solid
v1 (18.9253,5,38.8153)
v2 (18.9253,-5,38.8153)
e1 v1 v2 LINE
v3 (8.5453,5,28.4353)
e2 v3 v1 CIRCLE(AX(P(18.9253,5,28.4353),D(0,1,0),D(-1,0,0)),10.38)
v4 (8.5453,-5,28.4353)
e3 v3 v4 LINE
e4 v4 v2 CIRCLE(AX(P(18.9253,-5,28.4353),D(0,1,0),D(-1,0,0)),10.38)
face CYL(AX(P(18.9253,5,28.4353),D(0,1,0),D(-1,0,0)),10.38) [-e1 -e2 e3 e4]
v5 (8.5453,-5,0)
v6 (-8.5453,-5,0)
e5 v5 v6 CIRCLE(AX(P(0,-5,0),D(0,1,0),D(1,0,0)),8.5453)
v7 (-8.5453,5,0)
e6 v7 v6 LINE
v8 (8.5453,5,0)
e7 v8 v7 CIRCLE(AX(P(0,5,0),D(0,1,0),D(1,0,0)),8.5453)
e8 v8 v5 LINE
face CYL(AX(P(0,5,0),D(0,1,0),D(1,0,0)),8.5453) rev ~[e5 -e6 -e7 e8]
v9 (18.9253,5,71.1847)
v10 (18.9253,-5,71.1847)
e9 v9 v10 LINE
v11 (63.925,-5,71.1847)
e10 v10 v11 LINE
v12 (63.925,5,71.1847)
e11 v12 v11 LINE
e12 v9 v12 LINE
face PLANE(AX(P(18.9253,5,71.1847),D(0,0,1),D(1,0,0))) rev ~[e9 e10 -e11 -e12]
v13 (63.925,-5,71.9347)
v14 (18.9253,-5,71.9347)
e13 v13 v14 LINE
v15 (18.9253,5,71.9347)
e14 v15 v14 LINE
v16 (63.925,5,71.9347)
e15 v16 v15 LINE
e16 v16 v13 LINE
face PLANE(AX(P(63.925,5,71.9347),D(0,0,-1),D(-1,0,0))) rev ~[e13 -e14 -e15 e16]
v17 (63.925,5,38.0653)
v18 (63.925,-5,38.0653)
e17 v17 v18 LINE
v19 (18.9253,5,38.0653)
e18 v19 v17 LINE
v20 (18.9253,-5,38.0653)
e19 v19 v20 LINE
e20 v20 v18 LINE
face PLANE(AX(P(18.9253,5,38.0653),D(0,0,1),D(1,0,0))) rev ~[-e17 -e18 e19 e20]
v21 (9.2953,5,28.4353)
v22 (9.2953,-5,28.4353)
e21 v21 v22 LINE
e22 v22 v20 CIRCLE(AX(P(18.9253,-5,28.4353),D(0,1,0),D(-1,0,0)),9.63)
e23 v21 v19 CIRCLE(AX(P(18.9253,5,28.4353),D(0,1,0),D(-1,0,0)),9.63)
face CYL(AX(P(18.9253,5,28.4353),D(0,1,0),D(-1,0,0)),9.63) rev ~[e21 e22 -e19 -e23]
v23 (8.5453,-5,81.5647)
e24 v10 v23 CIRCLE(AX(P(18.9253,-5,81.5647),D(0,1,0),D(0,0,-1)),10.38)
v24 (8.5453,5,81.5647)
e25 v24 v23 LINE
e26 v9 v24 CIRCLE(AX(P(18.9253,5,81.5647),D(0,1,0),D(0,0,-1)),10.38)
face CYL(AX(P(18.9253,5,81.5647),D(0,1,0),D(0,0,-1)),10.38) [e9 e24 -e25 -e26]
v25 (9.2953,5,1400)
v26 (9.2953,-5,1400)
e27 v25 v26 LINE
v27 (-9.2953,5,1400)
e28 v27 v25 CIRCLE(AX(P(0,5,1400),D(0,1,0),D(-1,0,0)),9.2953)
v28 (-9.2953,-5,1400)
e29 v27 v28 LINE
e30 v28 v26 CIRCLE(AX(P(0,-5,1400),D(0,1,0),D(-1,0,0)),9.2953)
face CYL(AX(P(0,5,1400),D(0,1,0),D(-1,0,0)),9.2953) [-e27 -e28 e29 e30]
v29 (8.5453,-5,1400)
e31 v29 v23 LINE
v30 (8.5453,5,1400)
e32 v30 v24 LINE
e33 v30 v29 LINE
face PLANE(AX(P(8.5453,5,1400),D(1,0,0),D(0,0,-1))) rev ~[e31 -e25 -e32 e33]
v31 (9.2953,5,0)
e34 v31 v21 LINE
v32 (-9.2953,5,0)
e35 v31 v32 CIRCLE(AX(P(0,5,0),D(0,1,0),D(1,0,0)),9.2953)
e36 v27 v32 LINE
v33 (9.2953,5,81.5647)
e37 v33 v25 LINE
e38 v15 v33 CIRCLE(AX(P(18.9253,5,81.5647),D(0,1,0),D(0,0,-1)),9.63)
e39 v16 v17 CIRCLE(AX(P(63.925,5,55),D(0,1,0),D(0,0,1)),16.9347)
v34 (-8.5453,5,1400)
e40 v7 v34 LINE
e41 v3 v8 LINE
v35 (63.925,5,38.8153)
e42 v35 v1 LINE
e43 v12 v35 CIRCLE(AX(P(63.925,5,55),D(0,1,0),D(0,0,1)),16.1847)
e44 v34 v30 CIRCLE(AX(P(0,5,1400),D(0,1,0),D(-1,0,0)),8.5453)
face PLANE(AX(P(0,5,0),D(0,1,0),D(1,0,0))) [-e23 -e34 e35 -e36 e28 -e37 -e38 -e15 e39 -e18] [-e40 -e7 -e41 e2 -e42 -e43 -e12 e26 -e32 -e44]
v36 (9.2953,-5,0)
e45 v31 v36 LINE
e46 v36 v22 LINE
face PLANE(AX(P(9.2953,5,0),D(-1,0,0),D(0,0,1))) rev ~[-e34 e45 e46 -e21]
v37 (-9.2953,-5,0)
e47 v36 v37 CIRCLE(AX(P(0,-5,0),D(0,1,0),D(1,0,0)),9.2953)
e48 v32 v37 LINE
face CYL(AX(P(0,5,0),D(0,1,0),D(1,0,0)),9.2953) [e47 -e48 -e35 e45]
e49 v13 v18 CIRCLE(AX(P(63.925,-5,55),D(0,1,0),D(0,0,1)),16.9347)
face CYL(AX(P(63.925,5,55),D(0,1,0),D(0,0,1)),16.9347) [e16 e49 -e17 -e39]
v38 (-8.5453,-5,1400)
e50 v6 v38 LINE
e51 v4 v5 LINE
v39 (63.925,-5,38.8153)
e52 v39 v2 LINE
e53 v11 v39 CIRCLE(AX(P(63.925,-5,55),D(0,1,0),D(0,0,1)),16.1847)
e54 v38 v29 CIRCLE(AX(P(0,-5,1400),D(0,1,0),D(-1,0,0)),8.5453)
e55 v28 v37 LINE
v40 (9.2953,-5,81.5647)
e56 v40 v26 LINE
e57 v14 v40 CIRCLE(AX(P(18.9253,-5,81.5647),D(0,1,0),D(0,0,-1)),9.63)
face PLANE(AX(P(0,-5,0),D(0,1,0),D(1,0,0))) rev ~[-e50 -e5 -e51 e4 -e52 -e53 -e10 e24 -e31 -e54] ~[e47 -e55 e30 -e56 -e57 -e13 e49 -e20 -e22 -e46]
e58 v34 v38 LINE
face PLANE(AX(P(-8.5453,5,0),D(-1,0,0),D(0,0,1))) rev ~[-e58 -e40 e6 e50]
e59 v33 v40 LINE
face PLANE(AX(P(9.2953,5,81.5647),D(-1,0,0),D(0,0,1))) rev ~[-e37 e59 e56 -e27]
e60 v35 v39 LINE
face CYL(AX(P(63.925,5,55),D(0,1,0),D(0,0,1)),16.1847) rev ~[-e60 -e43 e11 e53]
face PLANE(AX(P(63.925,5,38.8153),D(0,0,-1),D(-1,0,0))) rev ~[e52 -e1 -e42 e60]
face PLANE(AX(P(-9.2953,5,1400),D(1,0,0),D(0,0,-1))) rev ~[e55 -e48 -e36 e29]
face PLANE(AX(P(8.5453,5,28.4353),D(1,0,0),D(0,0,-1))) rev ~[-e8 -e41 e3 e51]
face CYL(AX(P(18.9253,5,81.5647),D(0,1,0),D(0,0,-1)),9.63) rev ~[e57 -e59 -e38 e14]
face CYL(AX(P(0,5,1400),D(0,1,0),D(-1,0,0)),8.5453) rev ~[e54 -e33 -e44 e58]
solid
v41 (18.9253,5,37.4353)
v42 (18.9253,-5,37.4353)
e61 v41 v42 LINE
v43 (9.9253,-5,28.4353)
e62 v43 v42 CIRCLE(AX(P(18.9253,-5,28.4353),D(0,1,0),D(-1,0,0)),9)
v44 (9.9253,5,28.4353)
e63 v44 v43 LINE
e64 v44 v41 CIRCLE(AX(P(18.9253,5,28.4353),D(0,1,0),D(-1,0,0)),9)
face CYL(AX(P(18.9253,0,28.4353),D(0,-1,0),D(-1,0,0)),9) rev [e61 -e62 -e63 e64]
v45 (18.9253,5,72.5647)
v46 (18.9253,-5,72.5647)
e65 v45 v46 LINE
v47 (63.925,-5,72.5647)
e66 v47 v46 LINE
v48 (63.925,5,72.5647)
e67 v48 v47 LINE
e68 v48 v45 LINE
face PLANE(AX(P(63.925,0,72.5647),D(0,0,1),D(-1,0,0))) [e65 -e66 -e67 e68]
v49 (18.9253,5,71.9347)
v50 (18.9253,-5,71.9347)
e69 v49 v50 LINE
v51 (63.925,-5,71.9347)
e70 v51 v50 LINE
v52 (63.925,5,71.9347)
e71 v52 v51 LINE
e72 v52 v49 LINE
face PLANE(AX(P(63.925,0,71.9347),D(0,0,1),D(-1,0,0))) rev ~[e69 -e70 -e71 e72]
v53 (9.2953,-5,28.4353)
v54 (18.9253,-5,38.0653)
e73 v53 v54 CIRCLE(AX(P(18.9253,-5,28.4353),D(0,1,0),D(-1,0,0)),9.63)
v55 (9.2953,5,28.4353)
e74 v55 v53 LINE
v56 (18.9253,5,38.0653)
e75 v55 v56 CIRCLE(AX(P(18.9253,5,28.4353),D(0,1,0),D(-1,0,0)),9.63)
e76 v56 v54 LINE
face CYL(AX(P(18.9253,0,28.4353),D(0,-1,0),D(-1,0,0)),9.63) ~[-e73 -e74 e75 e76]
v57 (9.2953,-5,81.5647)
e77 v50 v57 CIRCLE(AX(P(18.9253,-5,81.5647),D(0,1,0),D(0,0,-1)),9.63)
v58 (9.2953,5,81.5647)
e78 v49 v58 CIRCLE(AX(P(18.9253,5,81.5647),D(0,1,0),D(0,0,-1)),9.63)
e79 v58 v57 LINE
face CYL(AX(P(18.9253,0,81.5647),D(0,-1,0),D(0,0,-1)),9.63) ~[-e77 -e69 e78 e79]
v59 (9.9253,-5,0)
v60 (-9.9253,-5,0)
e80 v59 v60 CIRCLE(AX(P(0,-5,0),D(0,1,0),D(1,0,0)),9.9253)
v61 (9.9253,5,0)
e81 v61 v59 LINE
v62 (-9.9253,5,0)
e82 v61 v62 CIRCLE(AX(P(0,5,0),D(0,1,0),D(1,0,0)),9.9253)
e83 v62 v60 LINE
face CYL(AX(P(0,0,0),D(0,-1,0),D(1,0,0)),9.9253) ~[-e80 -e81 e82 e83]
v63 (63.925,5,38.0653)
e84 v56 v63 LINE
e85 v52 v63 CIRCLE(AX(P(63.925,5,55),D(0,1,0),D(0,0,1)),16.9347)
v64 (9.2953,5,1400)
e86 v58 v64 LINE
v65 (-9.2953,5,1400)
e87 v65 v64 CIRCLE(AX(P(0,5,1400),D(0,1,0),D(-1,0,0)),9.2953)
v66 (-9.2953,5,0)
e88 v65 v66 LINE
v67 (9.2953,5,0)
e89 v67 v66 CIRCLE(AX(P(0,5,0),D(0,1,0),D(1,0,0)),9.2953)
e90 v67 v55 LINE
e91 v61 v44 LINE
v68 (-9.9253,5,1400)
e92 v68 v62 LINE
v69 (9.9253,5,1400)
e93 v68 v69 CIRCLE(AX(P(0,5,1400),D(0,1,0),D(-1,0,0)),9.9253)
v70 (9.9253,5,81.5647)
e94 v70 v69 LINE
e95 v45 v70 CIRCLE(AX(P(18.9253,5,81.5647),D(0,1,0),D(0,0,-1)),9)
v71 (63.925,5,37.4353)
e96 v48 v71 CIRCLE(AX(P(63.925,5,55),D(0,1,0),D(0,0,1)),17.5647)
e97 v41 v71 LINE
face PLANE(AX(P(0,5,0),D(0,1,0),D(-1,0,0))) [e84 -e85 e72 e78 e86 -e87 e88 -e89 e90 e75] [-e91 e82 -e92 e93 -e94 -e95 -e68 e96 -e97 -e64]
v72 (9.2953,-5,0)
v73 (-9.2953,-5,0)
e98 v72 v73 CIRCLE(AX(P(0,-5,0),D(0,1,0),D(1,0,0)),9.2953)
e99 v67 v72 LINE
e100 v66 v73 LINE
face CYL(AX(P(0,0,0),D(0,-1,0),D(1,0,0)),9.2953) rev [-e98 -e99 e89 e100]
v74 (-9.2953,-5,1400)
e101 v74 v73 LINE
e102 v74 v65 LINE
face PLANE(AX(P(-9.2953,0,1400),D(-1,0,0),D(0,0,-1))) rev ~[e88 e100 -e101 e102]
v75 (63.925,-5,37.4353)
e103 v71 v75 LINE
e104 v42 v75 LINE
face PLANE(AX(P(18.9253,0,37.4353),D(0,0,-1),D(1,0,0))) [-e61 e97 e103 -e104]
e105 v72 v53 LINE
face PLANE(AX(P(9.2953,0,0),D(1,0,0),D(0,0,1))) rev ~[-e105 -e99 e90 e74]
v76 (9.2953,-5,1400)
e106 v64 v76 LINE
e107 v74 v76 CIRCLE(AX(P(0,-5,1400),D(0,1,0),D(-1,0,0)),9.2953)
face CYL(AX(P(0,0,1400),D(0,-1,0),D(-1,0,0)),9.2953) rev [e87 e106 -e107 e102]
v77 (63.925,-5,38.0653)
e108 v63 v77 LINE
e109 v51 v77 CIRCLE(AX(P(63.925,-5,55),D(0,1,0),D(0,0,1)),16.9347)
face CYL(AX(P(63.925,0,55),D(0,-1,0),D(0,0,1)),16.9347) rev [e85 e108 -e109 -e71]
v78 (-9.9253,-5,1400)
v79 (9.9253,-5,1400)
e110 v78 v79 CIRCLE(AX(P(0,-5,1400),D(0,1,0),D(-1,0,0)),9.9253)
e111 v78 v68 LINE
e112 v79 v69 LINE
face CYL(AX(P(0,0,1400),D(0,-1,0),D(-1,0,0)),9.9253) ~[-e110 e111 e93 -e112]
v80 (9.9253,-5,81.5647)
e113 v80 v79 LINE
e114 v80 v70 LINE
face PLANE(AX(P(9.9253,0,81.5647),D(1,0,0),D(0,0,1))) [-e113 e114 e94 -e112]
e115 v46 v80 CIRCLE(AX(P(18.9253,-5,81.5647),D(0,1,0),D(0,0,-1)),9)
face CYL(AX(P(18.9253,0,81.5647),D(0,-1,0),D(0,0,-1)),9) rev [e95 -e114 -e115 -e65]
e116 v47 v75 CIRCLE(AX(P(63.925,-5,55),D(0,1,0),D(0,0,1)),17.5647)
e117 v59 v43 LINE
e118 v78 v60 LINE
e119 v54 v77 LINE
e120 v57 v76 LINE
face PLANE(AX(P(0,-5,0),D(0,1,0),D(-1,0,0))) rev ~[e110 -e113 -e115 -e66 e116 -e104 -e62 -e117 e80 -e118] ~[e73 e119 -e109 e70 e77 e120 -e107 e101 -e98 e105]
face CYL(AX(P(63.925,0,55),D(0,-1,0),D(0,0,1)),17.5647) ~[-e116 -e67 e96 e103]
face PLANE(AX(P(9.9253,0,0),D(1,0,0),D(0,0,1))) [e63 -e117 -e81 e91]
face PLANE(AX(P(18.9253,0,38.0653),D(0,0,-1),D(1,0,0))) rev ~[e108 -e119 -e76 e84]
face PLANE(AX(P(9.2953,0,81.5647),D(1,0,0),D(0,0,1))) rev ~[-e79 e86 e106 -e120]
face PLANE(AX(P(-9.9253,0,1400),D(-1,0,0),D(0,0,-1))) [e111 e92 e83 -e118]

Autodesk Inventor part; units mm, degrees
ref_plane "YZ Plane" through (0, 0, 0) normal (1, 0, 0) x (0, 1, 0)
ref_plane "XZ Plane" through (0, 0, 0) normal (0, 1, 0) x (-1, 0, 0)
ref_plane "XY Plane" through (0, 0, 0) normal (0, 0, 1) x (1, 0, 0)
sketch "スケッチ1" plane through (0, 0, 0) normal (0, 1, 0) x (-1, 0, 0)
  arc A0 (-9.5493, 0) -> (9.5493, 0) centre (0, 0) ccw construction
  arc A1 (9.5493, 1400) -> (-9.5493, 1400) centre (0, 1400) ccw construction
  arc A2 (-63.925, 72.1887) -> (-63.925, 37.8113) centre (-63.925, 55) ccw construction
  arc A3 (-9.5493, 28.4353) -> (-18.9253, 37.8113) centre (-18.9253, 28.4353) ccw construction
  arc A4 (-18.9253, 72.1887) -> (-9.5493, 81.5647) centre (-18.9253, 81.5647) ccw construction
  line L0 (-63.925, 37.8113) -> (-18.9253, 37.8113) construction
  line L1 (-9.5493, 28.4353) -> (-9.5493, 0) construction
  line L2 (9.5493, 0) -> (9.5493, 1400) construction
  line L3 (-9.5493, 1400) -> (-9.5493, 81.5647) construction
  line L4 (-18.9253, 72.1887) -> (-63.925, 72.1887) construction
  line L5 (9.9253, 1400) -> (9.9253, 0)
  arc A5 (-9.9253, 0) -> (9.9253, 0) centre (0, 0) ccw
  line L6 (-9.9253, 0) -> (-9.9253, 28.4353)
  arc A6 (-9.9253, 28.4353) -> (-18.9253, 37.4353) centre (-18.9253, 28.4353) ccw
  line L7 (-18.9253, 37.4353) -> (-63.925, 37.4353)
  arc A7 (-63.925, 72.5647) -> (-63.925, 37.4353) centre (-63.925, 55) ccw
  line L8 (-63.925, 72.5647) -> (-18.9253, 72.5647)
  arc A8 (-18.9253, 72.5647) -> (-9.9253, 81.5647) centre (-18.9253, 81.5647) ccw
  line L9 (-9.9253, 81.5647) -> (-9.9253, 1400)
  arc A9 (9.9253, 1400) -> (-9.9253, 1400) centre (0, 1400) ccw
  line L10 (9.2953, 1400) -> (9.2953, 0)
  arc A10 (-9.2953, 0) -> (9.2953, 0) centre (0, 0) ccw
  line L11 (-9.2953, 0) -> (-9.2953, 28.4353)
  arc A11 (-9.2953, 28.4353) -> (-18.9253, 38.0653) centre (-18.9253, 28.4353) ccw
  line L12 (-18.9253, 38.0653) -> (-63.925, 38.0653)
  arc A12 (-63.925, 71.9347) -> (-63.925, 38.0653) centre (-63.925, 55) ccw
  line L13 (-63.925, 71.9347) -> (-18.9253, 71.9347)
  arc A13 (-18.9253, 71.9347) -> (-9.2953, 81.5647) centre (-18.9253, 81.5647) ccw
  line L14 (-9.2953, 81.5647) -> (-9.2953, 1400)
  arc A14 (9.2953, 1400) -> (-9.2953, 1400) centre (0, 1400) ccw
  circle A15 centre (-18.9253, 81.5647) radius 9 construction
  circle A16 centre (-18.9253, 28.4353) radius 9 construction
  dimension "d10" = 18
  dimension "d0" = 19.0986
  dimension "d1" = 19.0986
  dimension "d2" = 34.3775
  dimension "d3" = 1400
  dimension "d4" = 55
  dimension "d5" = 63.925
  dimension "d6" = 0.254
  dimension "d7" = 0.63
  dimension "d14" = 28.4353
extrude "押し出し1" add sketch "スケッチ1" along normal mid plane 10
sketch "スケッチ2" plane through (0, 5, 0) normal (0, 1, 0) x (1, 0, 0)
  line L0 (63.925, -37.4353) -> (18.9253, -37.4353) projected
  arc A0 (9.9253, -28.4353) -> (18.9253, -37.4353) centre (18.9253, -28.4353) ccw projected
  line L1 (9.9253, -28.4353) -> (9.9253, 0) projected
  arc A1 (9.9253, 0) -> (-9.9253, 0) centre (0, 0) ccw projected
  line L2 (-9.9253, 0) -> (-9.9253, -1400) projected
  arc A2 (-9.9253, -1400) -> (9.9253, -1400) centre (0, -1400) ccw projected
  line L3 (9.9253, -1400) -> (9.9253, -81.5647) projected
  arc A3 (18.9253, -72.5647) -> (9.9253, -81.5647) centre (18.9253, -81.5647) ccw projected
  line L4 (18.9253, -72.5647) -> (63.925, -72.5647) projected
  arc A4 (63.925, -72.5647) -> (63.925, -37.4353) centre (63.925, -55) ccw projected
  line L5 (63.925, -71.9347) -> (18.9253, -71.9347) projected
  arc A5 (18.9253, -71.9347) -> (9.2953, -81.5647) centre (18.9253, -81.5647) ccw projected
  line L6 (9.2953, -81.5647) -> (9.2953, -1400) projected
  arc A6 (-9.2953, -1400) -> (9.2953, -1400) centre (0, -1400) ccw projected
  line L7 (-9.2953, -1400) -> (-9.2953, 0) projected
  arc A7 (9.2953, 0) -> (-9.2953, 0) centre (0, 0) ccw projected
  line L8 (9.2953, 0) -> (9.2953, -28.4353) projected
  arc A8 (9.2953, -28.4353) -> (18.9253, -38.0653) centre (18.9253, -28.4353) ccw projected
  line L9 (18.9253, -38.0653) -> (63.925, -38.0653) projected
  arc A9 (63.925, -71.9347) -> (63.925, -38.0653) centre (63.925, -55) ccw projected
  line L10 (-8.5453, 0) -> (-8.5453, -1400)
  arc A10 (-8.5453, -1400) -> (8.5453, -1400) centre (0, -1400) ccw
  line L11 (8.5453, -1400) -> (8.5453, -81.5647)
  arc A11 (18.9253, -71.1847) -> (8.5453, -81.5647) centre (18.9253, -81.5647) ccw
  line L12 (18.9253, -71.1847) -> (63.925, -71.1847)
  arc A12 (63.925, -71.1847) -> (63.925, -38.8153) centre (63.925, -55) ccw
  line L13 (63.925, -38.8153) -> (18.9253, -38.8153)
  arc A13 (8.5453, -28.4353) -> (18.9253, -38.8153) centre (18.9253, -28.4353) ccw
  line L14 (8.5453, -28.4353) -> (8.5453, 0)
  arc A14 (8.5453, 0) -> (-8.5453, 0) centre (0, 0) ccw
  dimension "d11" = 0.75
extrude "押し出し2" add sketch "スケッチ2" against normal blind 10 separate body contours L5 A5 L6 A6 L7 A7 L8 A8 L9 A9
equation "\"d1\" = d0"
properties part number "belt1" material "ゴム"
